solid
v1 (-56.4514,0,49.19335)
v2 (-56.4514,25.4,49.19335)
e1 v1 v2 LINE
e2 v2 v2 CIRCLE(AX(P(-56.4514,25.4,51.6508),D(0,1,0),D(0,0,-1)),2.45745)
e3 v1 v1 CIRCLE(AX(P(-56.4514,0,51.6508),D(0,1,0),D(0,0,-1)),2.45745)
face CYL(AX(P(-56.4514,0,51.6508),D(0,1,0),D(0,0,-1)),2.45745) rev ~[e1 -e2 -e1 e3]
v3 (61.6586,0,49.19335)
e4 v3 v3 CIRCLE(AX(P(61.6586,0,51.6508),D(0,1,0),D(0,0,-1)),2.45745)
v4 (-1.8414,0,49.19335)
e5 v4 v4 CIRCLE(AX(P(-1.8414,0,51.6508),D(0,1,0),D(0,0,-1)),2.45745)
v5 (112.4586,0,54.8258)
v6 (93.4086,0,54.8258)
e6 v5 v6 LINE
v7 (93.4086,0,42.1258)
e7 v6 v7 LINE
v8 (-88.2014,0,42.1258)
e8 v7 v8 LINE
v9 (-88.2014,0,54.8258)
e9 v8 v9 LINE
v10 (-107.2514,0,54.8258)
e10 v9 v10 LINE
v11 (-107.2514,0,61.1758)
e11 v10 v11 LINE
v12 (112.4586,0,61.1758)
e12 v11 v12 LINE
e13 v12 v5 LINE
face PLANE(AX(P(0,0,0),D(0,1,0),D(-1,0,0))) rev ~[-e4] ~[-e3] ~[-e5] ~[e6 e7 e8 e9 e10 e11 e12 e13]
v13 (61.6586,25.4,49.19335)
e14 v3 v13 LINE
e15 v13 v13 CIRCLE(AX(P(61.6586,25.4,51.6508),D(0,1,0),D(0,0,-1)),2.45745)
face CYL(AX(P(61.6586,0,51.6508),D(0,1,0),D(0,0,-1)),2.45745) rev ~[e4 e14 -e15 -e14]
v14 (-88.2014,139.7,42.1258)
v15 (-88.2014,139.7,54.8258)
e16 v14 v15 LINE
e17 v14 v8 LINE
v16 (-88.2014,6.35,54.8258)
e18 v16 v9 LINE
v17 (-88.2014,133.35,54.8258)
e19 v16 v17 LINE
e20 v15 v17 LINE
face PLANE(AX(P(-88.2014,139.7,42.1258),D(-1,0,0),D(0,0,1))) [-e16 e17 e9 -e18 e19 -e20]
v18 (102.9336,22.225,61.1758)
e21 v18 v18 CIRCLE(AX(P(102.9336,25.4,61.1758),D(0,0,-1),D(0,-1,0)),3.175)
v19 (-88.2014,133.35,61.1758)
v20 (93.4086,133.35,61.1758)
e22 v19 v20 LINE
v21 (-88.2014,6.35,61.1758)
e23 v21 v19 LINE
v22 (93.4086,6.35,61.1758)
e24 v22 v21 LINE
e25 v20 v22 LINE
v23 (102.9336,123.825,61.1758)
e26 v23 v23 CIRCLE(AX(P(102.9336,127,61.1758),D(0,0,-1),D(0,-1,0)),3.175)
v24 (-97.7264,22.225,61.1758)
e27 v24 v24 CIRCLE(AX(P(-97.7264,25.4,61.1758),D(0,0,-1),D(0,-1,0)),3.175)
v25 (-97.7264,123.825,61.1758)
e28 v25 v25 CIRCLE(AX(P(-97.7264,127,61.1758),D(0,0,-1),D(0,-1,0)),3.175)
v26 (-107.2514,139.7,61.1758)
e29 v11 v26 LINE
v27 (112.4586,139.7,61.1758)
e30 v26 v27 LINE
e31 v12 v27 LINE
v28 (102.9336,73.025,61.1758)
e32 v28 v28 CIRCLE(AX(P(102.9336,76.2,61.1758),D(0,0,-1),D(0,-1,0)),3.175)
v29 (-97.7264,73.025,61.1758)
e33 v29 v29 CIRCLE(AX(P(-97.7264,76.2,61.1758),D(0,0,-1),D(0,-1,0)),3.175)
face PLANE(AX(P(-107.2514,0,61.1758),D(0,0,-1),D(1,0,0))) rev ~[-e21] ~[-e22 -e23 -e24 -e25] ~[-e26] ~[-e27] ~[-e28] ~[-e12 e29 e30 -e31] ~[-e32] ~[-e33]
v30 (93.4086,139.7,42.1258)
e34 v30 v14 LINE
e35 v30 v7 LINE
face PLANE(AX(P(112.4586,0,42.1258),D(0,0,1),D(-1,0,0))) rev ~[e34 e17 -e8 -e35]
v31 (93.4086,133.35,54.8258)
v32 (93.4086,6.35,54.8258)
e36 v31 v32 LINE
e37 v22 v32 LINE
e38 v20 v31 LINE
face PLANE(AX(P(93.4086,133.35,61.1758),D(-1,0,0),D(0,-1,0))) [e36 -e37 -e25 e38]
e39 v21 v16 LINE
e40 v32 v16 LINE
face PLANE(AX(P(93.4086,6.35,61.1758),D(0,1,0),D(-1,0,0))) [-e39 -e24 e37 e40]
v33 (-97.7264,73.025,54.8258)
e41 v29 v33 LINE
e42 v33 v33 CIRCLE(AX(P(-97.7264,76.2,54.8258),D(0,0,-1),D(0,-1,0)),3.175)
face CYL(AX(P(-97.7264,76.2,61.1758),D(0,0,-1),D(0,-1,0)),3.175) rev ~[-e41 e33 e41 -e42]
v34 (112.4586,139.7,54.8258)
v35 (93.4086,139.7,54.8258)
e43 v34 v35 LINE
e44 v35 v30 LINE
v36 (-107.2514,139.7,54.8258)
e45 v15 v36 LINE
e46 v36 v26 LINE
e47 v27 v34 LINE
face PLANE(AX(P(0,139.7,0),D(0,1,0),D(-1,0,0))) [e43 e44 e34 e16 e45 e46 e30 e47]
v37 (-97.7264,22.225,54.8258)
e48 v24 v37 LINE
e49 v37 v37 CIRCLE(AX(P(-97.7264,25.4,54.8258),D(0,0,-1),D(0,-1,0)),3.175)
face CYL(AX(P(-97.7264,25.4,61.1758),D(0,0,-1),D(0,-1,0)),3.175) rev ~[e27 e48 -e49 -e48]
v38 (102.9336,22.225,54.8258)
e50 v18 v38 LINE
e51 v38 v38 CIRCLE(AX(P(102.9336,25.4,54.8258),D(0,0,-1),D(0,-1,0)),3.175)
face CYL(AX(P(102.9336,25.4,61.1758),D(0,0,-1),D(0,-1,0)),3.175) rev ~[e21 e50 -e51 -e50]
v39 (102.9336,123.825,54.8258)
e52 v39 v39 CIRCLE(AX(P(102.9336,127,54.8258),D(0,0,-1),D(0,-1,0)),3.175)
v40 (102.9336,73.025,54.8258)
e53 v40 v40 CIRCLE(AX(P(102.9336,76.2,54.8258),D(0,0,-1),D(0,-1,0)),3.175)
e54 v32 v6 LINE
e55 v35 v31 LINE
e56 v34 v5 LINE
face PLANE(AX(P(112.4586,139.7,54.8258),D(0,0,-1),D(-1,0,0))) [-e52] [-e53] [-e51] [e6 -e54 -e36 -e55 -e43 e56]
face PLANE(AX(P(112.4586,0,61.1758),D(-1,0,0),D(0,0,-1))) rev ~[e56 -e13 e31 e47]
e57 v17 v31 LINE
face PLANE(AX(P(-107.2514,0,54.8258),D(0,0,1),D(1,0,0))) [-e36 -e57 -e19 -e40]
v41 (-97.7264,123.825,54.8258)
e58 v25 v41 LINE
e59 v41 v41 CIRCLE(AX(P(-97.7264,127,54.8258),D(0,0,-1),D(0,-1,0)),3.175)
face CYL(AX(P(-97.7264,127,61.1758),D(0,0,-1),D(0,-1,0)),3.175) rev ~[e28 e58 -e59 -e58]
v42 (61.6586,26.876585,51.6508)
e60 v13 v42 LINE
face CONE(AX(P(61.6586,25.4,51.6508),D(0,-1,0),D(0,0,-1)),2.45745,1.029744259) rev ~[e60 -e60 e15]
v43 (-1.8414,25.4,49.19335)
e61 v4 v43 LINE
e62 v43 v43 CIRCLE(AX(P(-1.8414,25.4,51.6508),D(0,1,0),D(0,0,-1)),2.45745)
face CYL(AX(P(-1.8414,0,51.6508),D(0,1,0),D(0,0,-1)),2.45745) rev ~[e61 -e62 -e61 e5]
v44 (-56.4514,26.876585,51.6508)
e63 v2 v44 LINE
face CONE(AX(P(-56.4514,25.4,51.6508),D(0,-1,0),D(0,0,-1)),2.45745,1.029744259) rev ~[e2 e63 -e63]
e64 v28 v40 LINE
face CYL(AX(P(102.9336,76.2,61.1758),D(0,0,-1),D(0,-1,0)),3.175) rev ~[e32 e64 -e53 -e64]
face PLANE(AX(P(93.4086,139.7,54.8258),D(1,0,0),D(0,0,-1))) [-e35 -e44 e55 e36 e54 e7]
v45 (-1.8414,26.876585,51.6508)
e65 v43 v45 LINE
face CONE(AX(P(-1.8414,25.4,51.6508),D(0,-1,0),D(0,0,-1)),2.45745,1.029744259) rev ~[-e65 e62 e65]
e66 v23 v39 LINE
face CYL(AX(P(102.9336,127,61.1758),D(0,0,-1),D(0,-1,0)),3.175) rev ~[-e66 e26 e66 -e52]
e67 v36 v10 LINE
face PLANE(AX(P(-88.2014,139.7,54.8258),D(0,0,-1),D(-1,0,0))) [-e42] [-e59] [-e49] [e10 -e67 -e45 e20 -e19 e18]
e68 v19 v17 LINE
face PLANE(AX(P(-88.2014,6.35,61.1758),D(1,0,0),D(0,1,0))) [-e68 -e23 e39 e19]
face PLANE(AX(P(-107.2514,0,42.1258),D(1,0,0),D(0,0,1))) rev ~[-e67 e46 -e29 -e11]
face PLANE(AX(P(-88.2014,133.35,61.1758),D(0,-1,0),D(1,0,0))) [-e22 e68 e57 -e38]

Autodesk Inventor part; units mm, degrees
ref_plane "YZ Plane" through (0, 0, 0) normal (1, 0, 0) x (0, 1, 0)
ref_plane "XZ Plane" through (0, 0, 0) normal (0, 1, 0) x (-1, 0, 0)
ref_plane "XY Plane" through (0, 0, 0) normal (0, 0, 1) x (1, 0, 0)
sketch "Sketch1" plane through (0, 0, 0) normal (0, 1, 0) x (-1, 0, 0)
  line L0 (107.2514, 61.1758) -> (-112.4586, 61.1758)
  line L1 (-112.4586, 61.1758) -> (-112.4586, 42.1258)
  line L2 (-112.4586, 42.1258) -> (107.2514, 42.1258)
  line L3 (107.2514, 42.1258) -> (107.2514, 61.1758)
  point P0 (0, 0)
  dimension "d0" = 219.71
  dimension "d1" = 19.05
extrude "Extrusion1" add sketch "Sketch1" along normal blind 139.7
sketch "Sketch2" plane through (-107.2514, 0, 61.1758) normal (0, 0, 1) x (1, 0, 0)
  line L0 (0, 0) -> (219.71, 0) projected
  line L1 (0, 139.7) -> (219.71, 139.7) projected
  line L2 (0, 0) -> (0, 139.7) projected
  line L3 (219.71, 0) -> (219.71, 139.7) projected
  point P0 (107.2514, 0)
  point P1 (9.525, 76.2)
  point P2 (9.525, 25.4)
  point P3 (210.185, 25.4)
  point P4 (210.185, 76.2)
  dimension "d4" = 0
  dimension "d5" = 0
  dimension "d6" = 0
  dimension "d7" = 0
  dimension "d8" = 25.4
  dimension "d10" = 9.525
  dimension "d11" = 9.525
  dimension "d57" = 50.8
hole "Hole1" at (-97.7264, 76.2, 61.1758) at (-97.7264, 25.4, 61.1758) at (102.9336, 25.4, 61.1758) at (102.9336, 76.2, 61.1758) direction (0, 0, -1) diameter 6.35 end through all
sketch "Sketch3" plane through (-107.2514, 0, 61.1758) normal (0, 0, 1) x (1, 0, 0)
  line L0 (19.05, 133.35) -> (200.66, 133.35)
  line L1 (200.66, 133.35) -> (200.66, 6.35)
  line L2 (200.66, 6.35) -> (19.05, 6.35)
  line L3 (19.05, 6.35) -> (19.05, 133.35)
  line L4 (0, 0) -> (0, 139.7) projected
  line L5 (219.71, 0) -> (219.71, 139.7) projected
  line L6 (219.71, 139.7) -> (0, 139.7) projected
  line L7 (0, 0) -> (219.71, 0) projected
  point P0 (107.2514, 0)
  dimension "d19" = 19.05
  dimension "d20" = 19.05
  dimension "d21" = 6.35
  dimension "d22" = 6.35
extrude "Extrusion2" cut sketch "Sketch3" against normal blind 6.35 contours L0 L1 L2 L3
sketch "Sketch6" plane through (0, 139.7, 0) normal (0, 1, 0) x (1, 0, 0)
  line L0 (-88.2014, -54.8258) -> (-107.2514, -54.8258)
  line L1 (-107.2514, -54.8258) -> (-107.2514, -42.1258)
  line L2 (-107.2514, -42.1258) -> (-88.2014, -42.1258)
  line L3 (-88.2014, -42.1258) -> (-88.2014, -54.8258)
  line L4 (112.4586, -42.1258) -> (-107.2514, -42.1258) projected
  line L5 (-107.2514, -42.1258) -> (-107.2514, -61.1758) projected
  line L6 (112.4586, -54.8258) -> (93.4086, -54.8258)
  line L7 (93.4086, -54.8258) -> (93.4086, -42.1258)
  line L8 (93.4086, -42.1258) -> (112.4586, -42.1258)
  line L9 (112.4586, -42.1258) -> (112.4586, -54.8258)
  line L10 (112.4586, -61.1758) -> (112.4586, -42.1258) projected
  line L11 (-107.2514, -61.1758) -> (112.4586, -61.1758) projected
  point P0 (0, 0)
  dimension "d25" = 0
  dimension "d26" = 12.7
  dimension "d27" = 0
  dimension "d28" = 19.05
  dimension "d32" = 19.05
  dimension "d33" = 0
  dimension "d34" = 6.35
extrude "Extrusion3" cut sketch "Sketch6" against normal blind 254 contours L0 L1 L2 L3 | L4 L9 L6 L7
sketch "Sketch7" plane through (0, 0, 0) normal (0, -1, 0) x (1, 0, 0)
  line L0 (112.4586, 61.1758) -> (112.4586, 42.1258) projected
  line L1 (112.4586, 42.1258) -> (-107.2514, 42.1258) projected
  line L2 (-107.2514, 42.1258) -> (-107.2514, 61.1758) projected
  point P0 (0, 0)
  point P1 (61.6586, 51.6508)
  point P2 (-56.4514, 51.6508)
  point P3 (112.4586, 54.8258)
  point P4 (93.4086, 42.1258)
  point P5 (-88.2014, 42.1258)
  point P6 (-107.2514, 54.8258)
  dimension "d37" = 50.8
  dimension "d38" = 9.525
  dimension "d39" = 50.8
  dimension "d40" = 9.525
hole "Hole2" at (61.6586, 0, 51.6508) at (-56.4514, 0, 51.6508) direction (0, 1, 0) diameter 4.9149 depth 25.4 tip angle 118
sketch "Sketch8" plane through (0, 0, 0) normal (0, -1, 0) x (1, 0, 0)
  line L0 (112.4586, 61.1758) -> (112.4586, 42.1258) projected
  line L1 (112.4586, 42.1258) -> (-107.2514, 42.1258) projected
  point P0 (0, 0)
  point P1 (-1.8414, 51.6508)
  point P2 (-1.8414, 51.6508)
  point P3 (112.4586, 54.8258)
  point P4 (93.4086, 42.1258)
  point P5 (-88.2014, 42.1258)
  dimension "d48" = 114.3
  dimension "d49" = 9.525
hole "Hole3" at (-1.8414, 0, 51.6508) direction (0, 1, 0) diameter 4.9149 depth 25.4 tip angle 118
sketch "Sketch9" plane through (-107.2514, 0, 61.1758) normal (0, 0, 1) x (1, 0, 0)
  circle A0 centre (210.185, 76.2) radius 3.175 projected
  line L0 (219.71, 0) -> (219.71, 139.7) projected
  line L1 (0, 0) -> (0, 139.7) projected
  point P0 (107.2514, 0)
  point P1 (9.525, 127)
  point P2 (210.185, 127)
  dimension "d58" = 0
  dimension "d59" = 50.8
  dimension "d60" = 9.525
  dimension "d61" = 9.525
hole "Hole4" at (-97.7264, 127, 61.1758) at (102.9336, 127, 61.1758) direction (0, 0, -1) diameter 6.35 depth 25.4 tip angle 118
properties part number "TallFrontWall"
